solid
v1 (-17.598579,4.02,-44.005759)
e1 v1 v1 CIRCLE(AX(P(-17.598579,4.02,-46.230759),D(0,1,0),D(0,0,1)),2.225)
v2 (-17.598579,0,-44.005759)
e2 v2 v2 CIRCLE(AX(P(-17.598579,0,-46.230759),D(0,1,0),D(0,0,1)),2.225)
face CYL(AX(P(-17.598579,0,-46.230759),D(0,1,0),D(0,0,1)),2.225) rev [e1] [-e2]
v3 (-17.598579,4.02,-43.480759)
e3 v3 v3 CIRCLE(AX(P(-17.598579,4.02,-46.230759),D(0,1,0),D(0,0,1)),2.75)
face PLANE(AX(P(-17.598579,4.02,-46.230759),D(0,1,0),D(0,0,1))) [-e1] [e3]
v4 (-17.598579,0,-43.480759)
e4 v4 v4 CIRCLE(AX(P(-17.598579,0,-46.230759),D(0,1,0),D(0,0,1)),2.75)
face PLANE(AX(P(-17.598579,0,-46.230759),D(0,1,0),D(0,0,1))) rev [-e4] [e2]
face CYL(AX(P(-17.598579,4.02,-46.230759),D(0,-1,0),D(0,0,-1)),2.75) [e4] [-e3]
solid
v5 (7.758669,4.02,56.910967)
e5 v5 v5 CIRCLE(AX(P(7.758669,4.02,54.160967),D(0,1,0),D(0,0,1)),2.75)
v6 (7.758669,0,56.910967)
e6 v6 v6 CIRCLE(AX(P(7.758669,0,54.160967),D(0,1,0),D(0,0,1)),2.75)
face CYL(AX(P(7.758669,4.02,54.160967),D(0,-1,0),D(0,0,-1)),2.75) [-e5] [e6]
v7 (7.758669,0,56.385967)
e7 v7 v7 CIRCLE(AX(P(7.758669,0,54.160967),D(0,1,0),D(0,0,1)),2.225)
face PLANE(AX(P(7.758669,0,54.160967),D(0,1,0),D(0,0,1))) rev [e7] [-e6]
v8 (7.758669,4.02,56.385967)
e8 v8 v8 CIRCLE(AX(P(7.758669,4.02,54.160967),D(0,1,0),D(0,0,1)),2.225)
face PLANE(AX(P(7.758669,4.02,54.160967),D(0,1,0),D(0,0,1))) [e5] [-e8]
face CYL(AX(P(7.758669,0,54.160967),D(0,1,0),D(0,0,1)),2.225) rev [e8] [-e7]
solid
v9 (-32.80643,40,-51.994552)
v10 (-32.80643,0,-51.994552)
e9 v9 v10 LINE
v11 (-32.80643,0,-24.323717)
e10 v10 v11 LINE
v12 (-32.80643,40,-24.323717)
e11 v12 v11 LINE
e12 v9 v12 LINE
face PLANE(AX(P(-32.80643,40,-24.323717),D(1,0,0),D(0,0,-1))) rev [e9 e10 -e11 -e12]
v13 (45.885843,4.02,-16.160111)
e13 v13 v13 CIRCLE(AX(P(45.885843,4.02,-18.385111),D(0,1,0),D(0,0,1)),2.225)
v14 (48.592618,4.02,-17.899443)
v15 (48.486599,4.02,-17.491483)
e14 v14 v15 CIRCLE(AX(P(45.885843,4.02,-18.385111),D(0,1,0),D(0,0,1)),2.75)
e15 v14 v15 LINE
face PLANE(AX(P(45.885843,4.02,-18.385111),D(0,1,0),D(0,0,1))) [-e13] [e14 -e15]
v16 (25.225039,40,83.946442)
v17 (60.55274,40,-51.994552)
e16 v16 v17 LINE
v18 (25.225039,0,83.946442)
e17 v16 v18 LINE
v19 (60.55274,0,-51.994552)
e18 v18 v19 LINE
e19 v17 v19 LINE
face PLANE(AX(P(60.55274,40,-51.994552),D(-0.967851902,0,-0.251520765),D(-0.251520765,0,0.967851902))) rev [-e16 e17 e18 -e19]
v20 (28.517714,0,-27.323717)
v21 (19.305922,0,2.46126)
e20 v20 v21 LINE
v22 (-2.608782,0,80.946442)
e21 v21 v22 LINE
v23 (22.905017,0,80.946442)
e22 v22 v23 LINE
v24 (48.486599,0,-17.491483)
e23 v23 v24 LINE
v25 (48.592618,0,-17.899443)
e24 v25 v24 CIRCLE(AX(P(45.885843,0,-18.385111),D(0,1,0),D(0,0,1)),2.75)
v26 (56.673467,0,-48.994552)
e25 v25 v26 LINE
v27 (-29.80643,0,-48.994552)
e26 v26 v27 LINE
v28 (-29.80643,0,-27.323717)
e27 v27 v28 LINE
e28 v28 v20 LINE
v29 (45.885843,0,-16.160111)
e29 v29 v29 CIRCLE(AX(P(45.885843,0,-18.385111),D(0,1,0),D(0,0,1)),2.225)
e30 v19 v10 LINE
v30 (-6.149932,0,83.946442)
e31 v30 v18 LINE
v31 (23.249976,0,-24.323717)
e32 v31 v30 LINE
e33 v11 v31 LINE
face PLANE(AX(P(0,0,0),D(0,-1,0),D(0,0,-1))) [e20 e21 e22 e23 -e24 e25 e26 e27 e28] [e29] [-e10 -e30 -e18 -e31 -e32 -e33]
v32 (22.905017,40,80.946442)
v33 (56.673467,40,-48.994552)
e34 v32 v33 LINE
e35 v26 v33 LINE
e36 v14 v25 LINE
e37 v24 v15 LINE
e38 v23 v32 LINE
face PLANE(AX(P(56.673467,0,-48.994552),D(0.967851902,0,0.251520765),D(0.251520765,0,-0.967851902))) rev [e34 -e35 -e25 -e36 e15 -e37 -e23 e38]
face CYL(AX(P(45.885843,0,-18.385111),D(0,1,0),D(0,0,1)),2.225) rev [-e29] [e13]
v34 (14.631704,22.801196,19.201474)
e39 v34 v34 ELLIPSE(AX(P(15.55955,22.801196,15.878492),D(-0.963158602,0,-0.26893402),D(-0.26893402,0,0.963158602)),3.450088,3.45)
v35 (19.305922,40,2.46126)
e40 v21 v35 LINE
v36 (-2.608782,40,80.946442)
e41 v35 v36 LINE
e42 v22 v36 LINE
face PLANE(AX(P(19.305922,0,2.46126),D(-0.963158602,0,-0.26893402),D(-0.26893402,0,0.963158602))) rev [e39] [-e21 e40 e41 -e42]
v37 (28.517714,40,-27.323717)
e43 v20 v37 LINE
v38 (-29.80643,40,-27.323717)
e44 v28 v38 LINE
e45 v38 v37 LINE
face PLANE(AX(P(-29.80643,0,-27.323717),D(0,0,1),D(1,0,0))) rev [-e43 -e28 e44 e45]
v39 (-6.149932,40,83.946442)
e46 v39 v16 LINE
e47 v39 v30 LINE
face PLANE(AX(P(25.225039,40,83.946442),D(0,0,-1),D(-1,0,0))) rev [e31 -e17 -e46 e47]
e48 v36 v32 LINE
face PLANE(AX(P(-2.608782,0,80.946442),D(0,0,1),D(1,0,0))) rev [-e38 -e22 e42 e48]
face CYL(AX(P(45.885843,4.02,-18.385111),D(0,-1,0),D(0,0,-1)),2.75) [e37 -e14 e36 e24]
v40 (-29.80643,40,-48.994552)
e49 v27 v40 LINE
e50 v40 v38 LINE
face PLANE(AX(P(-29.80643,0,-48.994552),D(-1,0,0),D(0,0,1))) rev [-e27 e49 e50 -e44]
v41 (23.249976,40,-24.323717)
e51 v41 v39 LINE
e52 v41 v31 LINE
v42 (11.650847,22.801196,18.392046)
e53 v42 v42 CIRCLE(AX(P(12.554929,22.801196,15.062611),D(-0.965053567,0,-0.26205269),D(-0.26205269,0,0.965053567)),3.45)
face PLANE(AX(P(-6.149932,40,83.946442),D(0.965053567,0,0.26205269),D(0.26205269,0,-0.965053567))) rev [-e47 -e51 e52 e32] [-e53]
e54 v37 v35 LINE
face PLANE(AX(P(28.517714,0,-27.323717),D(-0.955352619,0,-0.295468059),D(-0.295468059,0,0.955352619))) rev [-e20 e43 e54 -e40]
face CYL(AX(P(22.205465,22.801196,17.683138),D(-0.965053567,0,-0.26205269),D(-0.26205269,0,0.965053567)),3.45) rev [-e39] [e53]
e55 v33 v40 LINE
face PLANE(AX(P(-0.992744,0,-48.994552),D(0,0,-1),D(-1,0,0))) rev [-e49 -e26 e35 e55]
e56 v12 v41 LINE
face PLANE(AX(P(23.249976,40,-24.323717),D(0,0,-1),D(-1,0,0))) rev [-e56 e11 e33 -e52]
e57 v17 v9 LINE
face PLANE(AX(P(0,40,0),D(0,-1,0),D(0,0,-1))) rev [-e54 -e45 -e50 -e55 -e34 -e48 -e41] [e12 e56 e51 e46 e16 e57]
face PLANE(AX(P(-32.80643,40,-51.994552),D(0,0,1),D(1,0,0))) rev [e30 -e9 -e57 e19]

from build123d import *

# Parameters (mm, degrees)
BOSS_EXTRUDE1_DEPTH = 40
CUT_EXTRUDE1_DEPTH  = 111.966839961
SKETCH6_R           = 3.45
CUT_EXTRUDE2_DEPTH  = 10
SKETCH7_R           = 2.75
BOSS_EXTRUDE3_DEPTH = 4.02
SKETCH8_R           = 2.225
CUT_EXTRUDE3_DEPTH  = 110.581932685


with BuildPart() as part:
    # Sketch1 → Boss-Extrude1 (new body)
    with BuildSketch(Plane(origin=(0, 0, 0), x_dir=(1, 0, 0), z_dir=(0, 1, 0))):
        Polygon((-32.806430064, 51.994551896), (60.552740485, 51.994551896), (25.225039266, -83.946442395), (-6.149932227, -83.946442395), (23.249976258, 24.323717363), (-32.806430064, 24.323717363), align=None)
    extrude(amount=BOSS_EXTRUDE1_DEPTH)

    # Sketch3 → Cut-Extrude1 (cut, through all)
    with BuildSketch(Plane(origin=(0, 40, 0), x_dir=(1, 0, 0), z_dir=(0, 1, 0))):
        Polygon((56.180799988, 48.994551896), (56.673466926, 48.994551896), (56.129977884, 46.90320606), (22.905017266, -80.946442395), (-2.608781808, -80.946442395), (19.305922239, -2.461259631), (28.517713947, 27.323717363), (-29.806430064, 27.323717363), (-29.806430064, 48.994551896), (-0.992743821, 48.994551896), align=None)
    extrude(amount=-CUT_EXTRUDE1_DEPTH, mode=Mode.SUBTRACT)

    # Sketch6 → Cut-Extrude2 (cut)
    with BuildSketch(Plane(origin=(15.502019252, 0, 4.209451139), x_dir=(-0.2620526895610605, 0, 0.9650535673701303), z_dir=(-0.9650535673701304, 0, -0.2620526895610605))):
        with Locations((11.246173588, 22.801195515)):
            Circle(SKETCH6_R)
    extrude(amount=-CUT_EXTRUDE2_DEPTH, mode=Mode.SUBTRACT)

    # Sketch7 → Boss-Extrude3 (add)
    with BuildSketch(Plane(origin=(0, 0, 0), x_dir=(1, 0, 0), z_dir=(0, 1, 0))):
        with Locations(Location((-17.598579061, 46.230759465, 0), (0, 0, 270))):
            Circle(SKETCH7_R)
        with Locations((45.885843259, 18.385111047)):
            Circle(SKETCH7_R)
        with Locations(Location((7.758668696, -54.160966994, 0), (0, 0, 270))):
            Circle(SKETCH7_R)
    extrude(amount=BOSS_EXTRUDE3_DEPTH)


with BuildPart() as boss_extrude3_piece_1:
    # of the separate pieces the step leaves, piece 1, a body of its own (boss_extrude3_pieces)
    add(part.part.solids().sort_by_distance((-32.806430064, 0, -51.994551896))[0])


with BuildPart() as boss_extrude3_piece_2:
    # of the separate pieces the step leaves, piece 2, a body of its own (boss_extrude3_pieces)
    add(part.part.solids().sort_by_distance((7.758668696, 0, 56.910966994))[0])


with BuildPart() as boss_extrude3_piece_3:
    # of the separate pieces the step leaves, piece 3, a body of its own (boss_extrude3_pieces)
    add(part.part.solids().sort_by_distance((-17.598579061, 0, -43.480759465))[0])


with BuildPart() as cut_extrude3_tool:
    # Sketch8 → Cut-Extrude3 (new, through all)
    with BuildSketch(Plane(origin=(0, 4.02, 0), x_dir=(1, 0, 0), z_dir=(0, 1, 0))):
        with Locations(Location((-17.598579061, 46.230759465, 0), (0, 0, 270))):
            Circle(SKETCH8_R)
        with Locations(Location((45.885843259, 18.385111047, 0), (0, 0, 270))):
            Circle(SKETCH8_R)
        with Locations(Location((7.758668696, -54.160966994, 0), (0, 0, 270))):
            Circle(SKETCH8_R)
    extrude(amount=-CUT_EXTRUDE3_DEPTH)


with BuildPart() as boss_extrude3_piece_1_1:
    add(boss_extrude3_piece_1.part)

    # Cut-Extrude3: cut by cut_extrude3_tool
    add(cut_extrude3_tool.part, mode=Mode.SUBTRACT)


with BuildPart() as boss_extrude3_piece_2_1:
    add(boss_extrude3_piece_2.part)

    # Cut-Extrude3: cut by cut_extrude3_tool
    add(cut_extrude3_tool.part, mode=Mode.SUBTRACT)


with BuildPart() as boss_extrude3_piece_3_1:
    add(boss_extrude3_piece_3.part)

    # Cut-Extrude3: cut by cut_extrude3_tool
    add(cut_extrude3_tool.part, mode=Mode.SUBTRACT)


solid = Compound([boss_extrude3_piece_1_1.part, boss_extrude3_piece_2_1.part, boss_extrude3_piece_3_1.part])
